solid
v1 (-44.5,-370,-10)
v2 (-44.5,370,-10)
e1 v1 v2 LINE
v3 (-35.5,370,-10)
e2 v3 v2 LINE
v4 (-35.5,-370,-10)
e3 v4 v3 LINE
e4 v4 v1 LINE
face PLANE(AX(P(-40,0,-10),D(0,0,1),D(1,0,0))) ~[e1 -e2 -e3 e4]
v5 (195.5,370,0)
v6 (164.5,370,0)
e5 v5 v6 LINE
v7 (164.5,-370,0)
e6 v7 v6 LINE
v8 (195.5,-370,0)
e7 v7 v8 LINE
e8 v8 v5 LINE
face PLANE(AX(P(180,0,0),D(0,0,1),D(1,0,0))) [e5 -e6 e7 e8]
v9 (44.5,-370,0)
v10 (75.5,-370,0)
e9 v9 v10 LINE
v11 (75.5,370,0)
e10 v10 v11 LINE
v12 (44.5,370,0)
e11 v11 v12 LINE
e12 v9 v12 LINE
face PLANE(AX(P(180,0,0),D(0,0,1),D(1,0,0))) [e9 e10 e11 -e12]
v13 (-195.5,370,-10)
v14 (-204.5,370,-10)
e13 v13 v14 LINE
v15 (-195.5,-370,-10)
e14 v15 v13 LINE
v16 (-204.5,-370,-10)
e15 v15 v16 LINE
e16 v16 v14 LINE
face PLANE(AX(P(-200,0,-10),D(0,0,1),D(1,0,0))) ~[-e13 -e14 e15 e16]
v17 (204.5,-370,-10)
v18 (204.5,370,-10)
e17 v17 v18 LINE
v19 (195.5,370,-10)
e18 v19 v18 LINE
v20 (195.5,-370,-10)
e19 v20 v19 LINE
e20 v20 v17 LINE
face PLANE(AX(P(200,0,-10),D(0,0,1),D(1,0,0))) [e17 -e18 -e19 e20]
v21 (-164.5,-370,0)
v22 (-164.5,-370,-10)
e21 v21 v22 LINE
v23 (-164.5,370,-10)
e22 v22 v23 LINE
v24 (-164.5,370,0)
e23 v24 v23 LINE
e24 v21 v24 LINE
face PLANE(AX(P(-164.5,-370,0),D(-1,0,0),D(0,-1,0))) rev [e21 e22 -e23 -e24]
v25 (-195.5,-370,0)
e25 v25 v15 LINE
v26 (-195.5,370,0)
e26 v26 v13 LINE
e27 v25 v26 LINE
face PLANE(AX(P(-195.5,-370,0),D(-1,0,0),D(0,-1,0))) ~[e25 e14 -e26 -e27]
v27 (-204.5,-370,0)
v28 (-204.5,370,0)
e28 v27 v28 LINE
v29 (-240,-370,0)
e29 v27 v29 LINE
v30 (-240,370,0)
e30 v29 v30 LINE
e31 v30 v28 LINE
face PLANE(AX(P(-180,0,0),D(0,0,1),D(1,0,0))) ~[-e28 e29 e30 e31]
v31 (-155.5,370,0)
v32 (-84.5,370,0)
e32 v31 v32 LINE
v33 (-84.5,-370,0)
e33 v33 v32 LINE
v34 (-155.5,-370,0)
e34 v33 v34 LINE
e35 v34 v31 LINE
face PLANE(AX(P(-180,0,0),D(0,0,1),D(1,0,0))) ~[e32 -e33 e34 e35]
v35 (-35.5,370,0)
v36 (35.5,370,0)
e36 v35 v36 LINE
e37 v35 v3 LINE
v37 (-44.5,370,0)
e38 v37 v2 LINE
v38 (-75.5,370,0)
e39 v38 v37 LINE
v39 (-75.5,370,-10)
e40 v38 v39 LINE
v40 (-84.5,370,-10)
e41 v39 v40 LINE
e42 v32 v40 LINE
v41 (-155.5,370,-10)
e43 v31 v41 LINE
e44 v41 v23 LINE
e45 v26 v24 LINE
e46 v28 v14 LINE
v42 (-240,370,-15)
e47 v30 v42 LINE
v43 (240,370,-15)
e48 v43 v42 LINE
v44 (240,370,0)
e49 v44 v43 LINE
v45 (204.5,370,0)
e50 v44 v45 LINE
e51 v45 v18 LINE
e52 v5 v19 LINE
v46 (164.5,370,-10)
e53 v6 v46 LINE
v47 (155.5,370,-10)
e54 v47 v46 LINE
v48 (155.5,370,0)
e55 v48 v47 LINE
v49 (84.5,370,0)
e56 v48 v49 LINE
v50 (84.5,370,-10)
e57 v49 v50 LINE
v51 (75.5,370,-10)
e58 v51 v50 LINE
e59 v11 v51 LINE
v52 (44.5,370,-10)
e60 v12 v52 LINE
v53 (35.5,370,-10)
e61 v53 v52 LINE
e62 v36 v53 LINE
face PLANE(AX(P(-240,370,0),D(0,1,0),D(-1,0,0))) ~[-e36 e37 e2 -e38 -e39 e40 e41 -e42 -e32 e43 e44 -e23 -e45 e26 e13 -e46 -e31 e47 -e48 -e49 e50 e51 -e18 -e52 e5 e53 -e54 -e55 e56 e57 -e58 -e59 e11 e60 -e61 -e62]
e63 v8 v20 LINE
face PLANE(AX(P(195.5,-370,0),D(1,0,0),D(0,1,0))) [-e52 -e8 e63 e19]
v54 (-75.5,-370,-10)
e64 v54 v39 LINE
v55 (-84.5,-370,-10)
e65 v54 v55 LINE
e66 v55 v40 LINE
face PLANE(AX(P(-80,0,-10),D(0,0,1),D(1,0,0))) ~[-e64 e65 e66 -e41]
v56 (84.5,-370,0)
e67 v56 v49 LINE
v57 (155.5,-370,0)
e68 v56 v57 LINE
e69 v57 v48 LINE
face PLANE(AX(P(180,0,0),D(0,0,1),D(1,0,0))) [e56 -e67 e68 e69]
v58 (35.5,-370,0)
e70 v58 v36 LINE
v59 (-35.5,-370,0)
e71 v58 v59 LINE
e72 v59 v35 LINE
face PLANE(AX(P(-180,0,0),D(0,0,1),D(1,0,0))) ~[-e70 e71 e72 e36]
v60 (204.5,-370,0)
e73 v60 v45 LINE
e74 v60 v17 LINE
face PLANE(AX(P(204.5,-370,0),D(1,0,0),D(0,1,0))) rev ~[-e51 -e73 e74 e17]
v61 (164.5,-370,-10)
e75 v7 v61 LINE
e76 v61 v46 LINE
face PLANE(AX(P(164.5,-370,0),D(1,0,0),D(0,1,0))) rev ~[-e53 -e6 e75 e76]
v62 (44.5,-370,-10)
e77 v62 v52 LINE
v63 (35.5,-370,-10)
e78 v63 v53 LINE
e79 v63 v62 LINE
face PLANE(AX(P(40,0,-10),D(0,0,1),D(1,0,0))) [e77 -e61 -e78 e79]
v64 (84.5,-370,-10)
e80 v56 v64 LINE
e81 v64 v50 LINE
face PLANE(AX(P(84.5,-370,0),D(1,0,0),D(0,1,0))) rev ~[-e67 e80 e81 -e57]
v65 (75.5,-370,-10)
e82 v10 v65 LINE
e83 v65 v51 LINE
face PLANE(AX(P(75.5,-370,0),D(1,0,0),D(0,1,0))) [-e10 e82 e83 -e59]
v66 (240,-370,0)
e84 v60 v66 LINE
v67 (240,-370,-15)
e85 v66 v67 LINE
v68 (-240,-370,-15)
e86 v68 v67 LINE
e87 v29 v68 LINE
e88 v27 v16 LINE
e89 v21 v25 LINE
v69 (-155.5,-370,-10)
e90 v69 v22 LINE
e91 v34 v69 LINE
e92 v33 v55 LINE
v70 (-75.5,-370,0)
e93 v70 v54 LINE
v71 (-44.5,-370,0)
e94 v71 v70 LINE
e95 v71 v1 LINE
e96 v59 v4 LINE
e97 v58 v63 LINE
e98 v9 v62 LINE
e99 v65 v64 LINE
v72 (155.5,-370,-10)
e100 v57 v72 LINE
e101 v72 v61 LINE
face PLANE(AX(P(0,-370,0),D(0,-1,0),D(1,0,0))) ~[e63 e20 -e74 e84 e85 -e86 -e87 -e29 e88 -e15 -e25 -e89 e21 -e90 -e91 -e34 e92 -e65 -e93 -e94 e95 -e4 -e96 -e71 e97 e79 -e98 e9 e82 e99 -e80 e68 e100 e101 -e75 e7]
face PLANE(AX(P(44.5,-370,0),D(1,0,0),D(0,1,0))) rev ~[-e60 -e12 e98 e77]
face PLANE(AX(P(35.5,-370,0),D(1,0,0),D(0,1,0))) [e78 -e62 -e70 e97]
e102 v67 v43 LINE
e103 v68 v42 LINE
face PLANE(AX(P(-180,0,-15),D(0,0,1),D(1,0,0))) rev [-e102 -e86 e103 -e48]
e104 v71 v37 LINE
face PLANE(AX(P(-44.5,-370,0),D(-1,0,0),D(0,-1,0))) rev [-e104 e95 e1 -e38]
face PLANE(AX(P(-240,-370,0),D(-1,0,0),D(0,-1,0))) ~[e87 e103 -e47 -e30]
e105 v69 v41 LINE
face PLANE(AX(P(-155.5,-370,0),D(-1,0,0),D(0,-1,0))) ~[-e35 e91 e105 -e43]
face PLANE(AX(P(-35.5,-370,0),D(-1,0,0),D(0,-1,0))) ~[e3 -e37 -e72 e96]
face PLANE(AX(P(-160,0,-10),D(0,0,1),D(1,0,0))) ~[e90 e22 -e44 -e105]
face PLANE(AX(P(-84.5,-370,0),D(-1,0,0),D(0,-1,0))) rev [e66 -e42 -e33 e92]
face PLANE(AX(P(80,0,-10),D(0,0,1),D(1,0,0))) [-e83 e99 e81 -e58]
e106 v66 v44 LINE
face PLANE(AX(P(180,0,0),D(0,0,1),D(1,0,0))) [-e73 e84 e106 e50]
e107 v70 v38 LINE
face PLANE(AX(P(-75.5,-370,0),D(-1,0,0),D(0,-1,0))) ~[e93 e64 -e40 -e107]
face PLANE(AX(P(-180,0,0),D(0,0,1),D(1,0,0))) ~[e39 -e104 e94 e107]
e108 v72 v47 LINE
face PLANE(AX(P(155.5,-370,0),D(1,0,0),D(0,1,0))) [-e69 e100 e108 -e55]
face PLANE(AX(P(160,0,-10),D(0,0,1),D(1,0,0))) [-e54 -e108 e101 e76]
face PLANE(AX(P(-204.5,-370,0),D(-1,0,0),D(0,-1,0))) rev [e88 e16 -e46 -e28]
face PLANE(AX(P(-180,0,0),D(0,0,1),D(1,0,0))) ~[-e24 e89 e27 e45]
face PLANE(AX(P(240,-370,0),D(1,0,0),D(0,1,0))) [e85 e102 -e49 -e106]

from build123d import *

# Parameters (mm, degrees)
F0_W     = 31
F0_H     = 740
F0_W_2   = 9
F0_W_3   = 71
F0_W_4   = 35.5
F1_DEPTH = 15
F2_DEPTH = 10


with BuildPart() as f1:
    # F0 (on Top) → F1 (new body)
    with BuildSketch(Plane.XY):
        with Locations((180, 0)):
            Rectangle(F0_W, F0_H)
        with Locations((160, 0)):
            Rectangle(F0_W_2, F0_H)
        with Locations((200, 0)):
            Rectangle(F0_W_2, F0_H)
        with Locations((120, 0)):
            Rectangle(F0_W_3, F0_H)
        with Locations((80, 0)):
            Rectangle(F0_W_2, F0_H)
        with Locations((60, 0)):
            Rectangle(F0_W, F0_H)
        with Locations((40, 0)):
            Rectangle(F0_W_2, F0_H)
        with Locations((222.25, 0)):
            Rectangle(F0_W_4, F0_H)
        with Locations((17.75, 0)):
            Rectangle(F0_W_4, F0_H)
    extrude(amount=-F1_DEPTH)

    # F0 (on Top) → F2 (cut)
    with BuildSketch(Plane.XY):
        with Locations((40, 0)):
            Rectangle(F0_W_2, F0_H)
        with Locations((80, 0)):
            Rectangle(F0_W_2, F0_H)
        with Locations((160, 0)):
            Rectangle(F0_W_2, F0_H)
        with Locations((200, 0)):
            Rectangle(F0_W_2, F0_H)
    extrude(amount=-F2_DEPTH, mode=Mode.SUBTRACT)

    # F3: F1 across face


with BuildPart() as f1_1:
    add(f1.part)
    add(f1.part.mirror(Plane(origin=(0, 0, -7.5), x_dir=(0, -1, 0), z_dir=(-1, 0, 0))))


solid = f1_1.part
